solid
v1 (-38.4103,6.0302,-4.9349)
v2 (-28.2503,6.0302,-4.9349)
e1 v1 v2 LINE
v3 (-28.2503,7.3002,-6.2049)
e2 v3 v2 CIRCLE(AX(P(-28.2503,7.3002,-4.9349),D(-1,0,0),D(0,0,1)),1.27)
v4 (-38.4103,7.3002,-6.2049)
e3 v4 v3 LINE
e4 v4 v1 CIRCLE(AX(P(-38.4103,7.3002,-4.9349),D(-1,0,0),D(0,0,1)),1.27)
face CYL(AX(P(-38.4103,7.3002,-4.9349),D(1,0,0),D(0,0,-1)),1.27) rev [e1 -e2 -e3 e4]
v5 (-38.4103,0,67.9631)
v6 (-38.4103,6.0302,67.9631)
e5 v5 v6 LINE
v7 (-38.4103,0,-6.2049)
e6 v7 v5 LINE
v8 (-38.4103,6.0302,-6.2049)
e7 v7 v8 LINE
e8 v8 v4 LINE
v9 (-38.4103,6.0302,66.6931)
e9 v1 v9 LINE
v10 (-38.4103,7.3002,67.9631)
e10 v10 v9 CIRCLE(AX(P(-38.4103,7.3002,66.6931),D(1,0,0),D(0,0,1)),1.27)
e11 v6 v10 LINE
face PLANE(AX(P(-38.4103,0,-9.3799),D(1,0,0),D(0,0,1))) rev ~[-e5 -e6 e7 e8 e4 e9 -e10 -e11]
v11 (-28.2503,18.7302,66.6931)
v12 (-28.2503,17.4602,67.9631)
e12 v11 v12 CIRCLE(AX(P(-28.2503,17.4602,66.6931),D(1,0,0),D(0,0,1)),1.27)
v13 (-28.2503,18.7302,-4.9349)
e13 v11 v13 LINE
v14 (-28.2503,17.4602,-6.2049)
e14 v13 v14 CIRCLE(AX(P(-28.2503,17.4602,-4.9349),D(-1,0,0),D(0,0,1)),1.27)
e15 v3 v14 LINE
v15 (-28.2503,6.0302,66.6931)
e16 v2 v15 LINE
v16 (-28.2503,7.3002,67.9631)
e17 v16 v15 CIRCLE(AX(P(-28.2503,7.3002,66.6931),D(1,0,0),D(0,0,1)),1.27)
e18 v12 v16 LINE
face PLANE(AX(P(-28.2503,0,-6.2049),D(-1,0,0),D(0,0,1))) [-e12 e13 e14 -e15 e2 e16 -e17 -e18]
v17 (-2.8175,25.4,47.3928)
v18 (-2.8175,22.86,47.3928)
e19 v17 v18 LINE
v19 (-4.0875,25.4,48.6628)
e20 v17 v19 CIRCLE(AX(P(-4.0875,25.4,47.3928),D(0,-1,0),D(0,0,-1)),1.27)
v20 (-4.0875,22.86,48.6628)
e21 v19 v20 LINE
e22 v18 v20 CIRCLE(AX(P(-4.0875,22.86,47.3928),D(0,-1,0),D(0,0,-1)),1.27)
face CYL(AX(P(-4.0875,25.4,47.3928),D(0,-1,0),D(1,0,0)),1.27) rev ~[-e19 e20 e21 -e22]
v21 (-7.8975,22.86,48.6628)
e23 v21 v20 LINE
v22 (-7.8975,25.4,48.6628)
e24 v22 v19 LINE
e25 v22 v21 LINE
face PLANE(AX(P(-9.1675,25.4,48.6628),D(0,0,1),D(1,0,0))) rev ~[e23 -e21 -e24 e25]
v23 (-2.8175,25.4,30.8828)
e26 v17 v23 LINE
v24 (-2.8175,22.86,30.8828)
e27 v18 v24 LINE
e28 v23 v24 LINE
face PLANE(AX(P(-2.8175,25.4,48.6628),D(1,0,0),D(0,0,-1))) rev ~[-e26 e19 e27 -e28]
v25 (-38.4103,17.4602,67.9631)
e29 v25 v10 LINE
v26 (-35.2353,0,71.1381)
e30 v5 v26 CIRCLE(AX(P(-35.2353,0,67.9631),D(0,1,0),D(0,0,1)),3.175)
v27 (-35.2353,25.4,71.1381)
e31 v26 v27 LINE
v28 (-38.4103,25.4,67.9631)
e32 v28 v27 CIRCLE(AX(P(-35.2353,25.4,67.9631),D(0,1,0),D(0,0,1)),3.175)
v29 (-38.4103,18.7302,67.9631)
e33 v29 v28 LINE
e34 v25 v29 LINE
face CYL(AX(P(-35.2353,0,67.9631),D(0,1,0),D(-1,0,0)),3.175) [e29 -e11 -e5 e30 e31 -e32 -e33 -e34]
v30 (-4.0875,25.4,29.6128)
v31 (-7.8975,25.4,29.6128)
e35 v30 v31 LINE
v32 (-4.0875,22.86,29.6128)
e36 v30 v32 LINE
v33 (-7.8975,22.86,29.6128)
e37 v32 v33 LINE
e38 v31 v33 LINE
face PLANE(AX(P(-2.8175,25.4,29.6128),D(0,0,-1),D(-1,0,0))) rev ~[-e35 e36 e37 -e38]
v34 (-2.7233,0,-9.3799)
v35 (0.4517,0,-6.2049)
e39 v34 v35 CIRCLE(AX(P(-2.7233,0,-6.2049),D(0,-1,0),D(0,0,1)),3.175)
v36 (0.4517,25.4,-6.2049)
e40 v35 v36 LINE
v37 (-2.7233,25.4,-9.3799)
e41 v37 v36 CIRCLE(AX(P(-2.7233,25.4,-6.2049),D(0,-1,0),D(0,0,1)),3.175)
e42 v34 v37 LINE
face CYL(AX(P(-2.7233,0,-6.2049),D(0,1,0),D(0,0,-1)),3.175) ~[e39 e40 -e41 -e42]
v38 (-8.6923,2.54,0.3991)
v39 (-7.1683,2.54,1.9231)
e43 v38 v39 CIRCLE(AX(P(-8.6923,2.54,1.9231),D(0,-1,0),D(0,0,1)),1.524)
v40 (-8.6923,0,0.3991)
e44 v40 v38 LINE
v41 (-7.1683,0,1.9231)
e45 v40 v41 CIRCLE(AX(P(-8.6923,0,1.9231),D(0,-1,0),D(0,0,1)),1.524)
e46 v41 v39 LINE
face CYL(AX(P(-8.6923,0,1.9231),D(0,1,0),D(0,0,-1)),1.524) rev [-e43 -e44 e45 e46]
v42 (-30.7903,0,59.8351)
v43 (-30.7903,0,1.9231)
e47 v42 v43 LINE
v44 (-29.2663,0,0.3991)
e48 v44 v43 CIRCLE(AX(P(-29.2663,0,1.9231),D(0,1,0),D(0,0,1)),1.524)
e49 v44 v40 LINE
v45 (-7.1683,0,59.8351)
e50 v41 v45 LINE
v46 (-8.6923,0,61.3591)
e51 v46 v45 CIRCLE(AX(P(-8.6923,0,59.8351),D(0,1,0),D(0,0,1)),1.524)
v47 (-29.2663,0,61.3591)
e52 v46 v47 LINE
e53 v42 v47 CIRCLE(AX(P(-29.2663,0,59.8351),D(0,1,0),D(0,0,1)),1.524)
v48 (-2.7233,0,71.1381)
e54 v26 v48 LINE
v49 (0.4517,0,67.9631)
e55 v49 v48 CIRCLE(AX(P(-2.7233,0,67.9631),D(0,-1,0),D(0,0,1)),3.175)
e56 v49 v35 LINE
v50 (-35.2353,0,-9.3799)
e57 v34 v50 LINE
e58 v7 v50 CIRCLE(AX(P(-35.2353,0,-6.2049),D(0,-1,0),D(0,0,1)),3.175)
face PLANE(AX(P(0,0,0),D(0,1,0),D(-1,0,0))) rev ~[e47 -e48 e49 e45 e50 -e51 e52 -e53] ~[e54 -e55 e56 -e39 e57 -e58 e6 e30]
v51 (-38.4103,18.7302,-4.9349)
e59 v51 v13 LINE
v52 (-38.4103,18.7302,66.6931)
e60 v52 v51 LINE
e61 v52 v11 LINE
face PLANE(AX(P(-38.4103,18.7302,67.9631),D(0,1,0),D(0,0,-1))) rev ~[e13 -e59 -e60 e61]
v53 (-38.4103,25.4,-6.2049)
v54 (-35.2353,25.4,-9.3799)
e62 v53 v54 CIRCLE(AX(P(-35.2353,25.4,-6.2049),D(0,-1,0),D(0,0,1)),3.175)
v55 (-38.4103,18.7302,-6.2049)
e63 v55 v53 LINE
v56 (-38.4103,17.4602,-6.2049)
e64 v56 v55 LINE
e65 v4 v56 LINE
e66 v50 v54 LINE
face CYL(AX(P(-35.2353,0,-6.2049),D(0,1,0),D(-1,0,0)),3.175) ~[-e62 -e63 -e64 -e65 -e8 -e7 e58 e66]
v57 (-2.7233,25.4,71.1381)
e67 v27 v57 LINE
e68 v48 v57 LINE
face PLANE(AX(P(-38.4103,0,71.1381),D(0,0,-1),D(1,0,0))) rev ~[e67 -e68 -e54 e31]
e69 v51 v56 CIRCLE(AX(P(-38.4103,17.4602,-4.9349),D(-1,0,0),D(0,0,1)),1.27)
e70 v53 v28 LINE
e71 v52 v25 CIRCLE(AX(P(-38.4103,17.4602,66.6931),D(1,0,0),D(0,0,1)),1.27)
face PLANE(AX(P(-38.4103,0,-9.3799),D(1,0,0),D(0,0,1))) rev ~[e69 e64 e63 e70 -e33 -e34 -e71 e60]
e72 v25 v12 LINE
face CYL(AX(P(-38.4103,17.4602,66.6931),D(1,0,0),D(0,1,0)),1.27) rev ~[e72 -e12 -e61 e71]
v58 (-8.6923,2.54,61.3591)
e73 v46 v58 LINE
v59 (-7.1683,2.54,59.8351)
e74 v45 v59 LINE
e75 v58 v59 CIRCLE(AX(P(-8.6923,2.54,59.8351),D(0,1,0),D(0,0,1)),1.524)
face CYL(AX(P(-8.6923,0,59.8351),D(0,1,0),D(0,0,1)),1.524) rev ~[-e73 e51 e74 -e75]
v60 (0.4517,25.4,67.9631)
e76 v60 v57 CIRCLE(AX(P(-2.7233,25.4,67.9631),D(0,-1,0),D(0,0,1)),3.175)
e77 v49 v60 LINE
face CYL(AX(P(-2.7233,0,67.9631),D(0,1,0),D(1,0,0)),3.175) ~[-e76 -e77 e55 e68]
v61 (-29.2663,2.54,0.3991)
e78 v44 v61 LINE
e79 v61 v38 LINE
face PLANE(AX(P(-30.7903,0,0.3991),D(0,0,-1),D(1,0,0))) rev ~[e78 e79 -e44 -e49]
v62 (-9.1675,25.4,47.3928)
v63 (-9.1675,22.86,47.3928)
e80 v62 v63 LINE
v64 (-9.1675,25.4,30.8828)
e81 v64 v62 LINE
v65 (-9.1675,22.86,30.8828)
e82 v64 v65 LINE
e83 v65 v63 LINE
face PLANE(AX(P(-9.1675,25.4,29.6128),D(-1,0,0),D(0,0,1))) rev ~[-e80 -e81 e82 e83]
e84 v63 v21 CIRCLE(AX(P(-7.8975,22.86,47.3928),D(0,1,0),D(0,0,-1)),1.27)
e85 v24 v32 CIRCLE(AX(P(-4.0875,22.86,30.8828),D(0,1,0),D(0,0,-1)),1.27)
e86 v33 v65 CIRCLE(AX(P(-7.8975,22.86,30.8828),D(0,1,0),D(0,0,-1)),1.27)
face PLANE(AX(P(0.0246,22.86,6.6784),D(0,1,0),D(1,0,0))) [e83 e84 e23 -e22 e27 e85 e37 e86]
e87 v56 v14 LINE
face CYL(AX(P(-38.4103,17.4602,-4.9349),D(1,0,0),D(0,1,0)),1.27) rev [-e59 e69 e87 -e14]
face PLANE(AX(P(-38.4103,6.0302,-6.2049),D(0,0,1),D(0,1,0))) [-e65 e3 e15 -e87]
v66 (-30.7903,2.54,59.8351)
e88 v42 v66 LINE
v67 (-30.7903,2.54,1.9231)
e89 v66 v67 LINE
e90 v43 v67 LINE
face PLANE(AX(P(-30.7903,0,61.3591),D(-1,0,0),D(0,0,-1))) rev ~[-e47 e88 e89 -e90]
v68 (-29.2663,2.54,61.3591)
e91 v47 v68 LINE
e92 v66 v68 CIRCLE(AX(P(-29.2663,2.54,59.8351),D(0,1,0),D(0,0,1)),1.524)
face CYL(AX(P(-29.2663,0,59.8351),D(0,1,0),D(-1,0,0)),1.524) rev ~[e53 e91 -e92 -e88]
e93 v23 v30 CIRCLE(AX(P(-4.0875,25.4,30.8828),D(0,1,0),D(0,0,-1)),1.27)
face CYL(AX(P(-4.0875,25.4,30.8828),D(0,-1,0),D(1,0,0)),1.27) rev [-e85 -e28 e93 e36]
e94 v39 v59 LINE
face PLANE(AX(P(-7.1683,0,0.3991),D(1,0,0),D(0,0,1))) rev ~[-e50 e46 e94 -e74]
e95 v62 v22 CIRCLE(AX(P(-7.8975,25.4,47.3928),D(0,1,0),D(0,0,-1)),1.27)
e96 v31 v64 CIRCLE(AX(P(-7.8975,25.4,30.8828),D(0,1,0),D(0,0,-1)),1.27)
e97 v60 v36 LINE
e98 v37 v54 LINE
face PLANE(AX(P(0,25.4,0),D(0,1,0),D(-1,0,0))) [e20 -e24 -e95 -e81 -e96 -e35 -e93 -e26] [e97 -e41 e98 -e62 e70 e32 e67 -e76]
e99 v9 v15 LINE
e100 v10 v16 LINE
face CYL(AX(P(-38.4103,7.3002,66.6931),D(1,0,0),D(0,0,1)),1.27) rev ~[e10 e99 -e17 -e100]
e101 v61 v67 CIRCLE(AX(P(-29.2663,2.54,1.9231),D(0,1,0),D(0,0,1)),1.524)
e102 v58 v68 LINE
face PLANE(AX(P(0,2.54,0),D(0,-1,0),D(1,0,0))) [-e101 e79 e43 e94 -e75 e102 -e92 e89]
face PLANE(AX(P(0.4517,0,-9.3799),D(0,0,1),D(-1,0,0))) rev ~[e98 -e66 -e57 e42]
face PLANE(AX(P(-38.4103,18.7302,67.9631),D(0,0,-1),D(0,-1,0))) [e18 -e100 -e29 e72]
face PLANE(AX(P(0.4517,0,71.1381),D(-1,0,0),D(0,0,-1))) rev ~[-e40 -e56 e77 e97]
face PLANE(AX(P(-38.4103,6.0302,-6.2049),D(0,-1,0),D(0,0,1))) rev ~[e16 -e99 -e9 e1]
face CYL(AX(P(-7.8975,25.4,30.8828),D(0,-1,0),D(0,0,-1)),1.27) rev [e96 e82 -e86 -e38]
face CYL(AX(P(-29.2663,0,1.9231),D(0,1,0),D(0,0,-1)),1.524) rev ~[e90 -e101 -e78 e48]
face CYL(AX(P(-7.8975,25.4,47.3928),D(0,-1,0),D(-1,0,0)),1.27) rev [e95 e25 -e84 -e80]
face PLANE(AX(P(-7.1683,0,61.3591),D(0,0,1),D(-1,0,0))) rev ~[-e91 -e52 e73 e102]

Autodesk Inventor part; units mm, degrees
ref_plane "YZ Plane" through (0, 0, 0) normal (1, 0, 0) x (0, 1, 0)
ref_plane "XZ Plane" through (0, 0, 0) normal (0, 1, 0) x (-1, 0, 0)
ref_plane "XY Plane" through (0, 0, 0) normal (0, 0, 1) x (1, 0, 0)
sketch "Sketch2" plane through (0, 0, 0) normal (0, 1, 0) x (-1, 0, 0)
  line L0 (38.4103, 71.1381) -> (-0.4517, 71.1381)
  line L1 (-0.4517, 71.1381) -> (-0.4517, -9.3799)
  line L2 (-0.4517, -9.3799) -> (38.4103, -9.3799)
  line L3 (38.4103, -9.3799) -> (38.4103, 71.1381)
  point P0 (0, 0)
  dimension "d0" = 38.862
  dimension "d1" = 80.518
extrude "Extrusion1" add sketch "Sketch2" along normal blind 25.4
fillet "Fillet1" radius 3.175 4 edges at (-38.4103, 12.7, -9.3799) (0.4517, 12.7, -9.3799) (-38.4103, 12.7, 71.1381) (0.4517, 12.7, 71.1381)
sketch "Sketch3" plane through (0, 0, 0) normal (0, -1, 0) x (1, 0, 0)
  line L0 (-7.1683, 61.3591) -> (-30.7903, 61.3591)
  line L1 (-30.7903, 61.3591) -> (-30.7903, 0.3991)
  line L2 (-30.7903, 0.3991) -> (-7.1683, 0.3991)
  line L3 (-7.1683, 0.3991) -> (-7.1683, 61.3591)
  line L4 (-38.4103, -6.2049) -> (-38.4103, 67.9631) projected
  line L5 (-30.7903, 30.8791) -> (-38.4103, 30.8791) construction
  line L6 (-2.7233, -9.3799) -> (-35.2353, -9.3799) construction
  line L7 (-18.9793, 0.3991) -> (-18.9793, -9.3799) construction
  line L8 (-7.1683, 30.8791) -> (0.4517, 30.8791) construction
  line L9 (0.4517, 67.9631) -> (0.4517, -6.2049) construction
  line L10 (-18.9793, 61.3591) -> (-18.9793, 71.1381) construction
  line L11 (-35.2353, 71.1381) -> (-2.7233, 71.1381) construction
  point P0 (0, 0)
  dimension "d5" = 23.622
  dimension "d6" = 60.96
extrude "Extrusion2" cut sketch "Sketch3" against normal blind 2.54
fillet "Fillet2" radius 1.524 4 edges at (-30.7903, 1.27, 61.3591) (-30.7903, 1.27, 0.3991) (-7.1683, 1.27, 61.3591) (-7.1683, 1.27, 0.3991)
sketch "Sketch4" plane through (0.0246, 25.4, 6.6784) normal (0, 1, 0) x (1, 0, 0)
  line L0 (-2.8421, -22.9344) -> (-9.1921, -22.9344)
  line L1 (-9.1921, -22.9344) -> (-9.1921, -41.9844)
  line L2 (-9.1921, -41.9844) -> (-2.8421, -41.9844)
  line L3 (-2.8421, -41.9844) -> (-2.8421, -22.9344)
  point P0 (0, 0)
  dimension "d10" = 6.35
  dimension "d11" = 19.05
extrude "Extrusion3" cut sketch "Sketch4" against normal blind 2.54
fillet "Fillet3" radius 1.27 4 edges at (-9.1674, 24.13, 29.6127) (-2.8174, 24.13, 29.6127) (-9.1674, 24.13, 48.6627) (-2.8174, 24.13, 48.6627)
sketch "Sketch6" plane through (0.0246, 22.86, 6.6784) normal (0, 1, 0) x (1, 0, 0)
  line L0 (-7.8199, -3.1416) -> (-4.0099, -3.1416)
  line L1 (-4.0099, -3.1416) -> (-4.0099, 0.6684)
  line L2 (-4.0099, 0.6684) -> (-7.8199, 0.6684)
  line L3 (-7.8199, 0.6684) -> (-7.8199, -3.1416)
  line L4 (-7.8199, 6.6784) -> (-4.0099, 6.6784)
  line L5 (-4.0099, 6.6784) -> (-4.0099, 10.4884)
  line L6 (-4.0099, 10.4884) -> (-7.8199, 10.4884)
  line L7 (-7.8199, 10.4884) -> (-7.8199, 6.6784)
  point P0 (-0.0246, 6.6784)
  dimension "d16" = 3.81
  dimension "d17" = 3.81
  dimension "d18" = 3.81
  dimension "d19" = 3.81
extrude "Extrusion4" add sketch "Sketch6" along normal blind 2.54
extrude "Extrusion5" [suppressed]
sketch "Sketch8" plane through (-38.4103, 0, -6.2049) normal (-1, 0, 0) x (0, 0, 1)
  point P0 (6.2049, 0)
sketch "Sketch9" plane through (-38.4103, 0, -6.2049) normal (-1, 0, 0) x (0, 0, 1)
  point P0 (6.2049, 0)
sketch "Sketch10" plane through (-38.4103, 0, -6.2049) normal (-1, 0, 0) x (0, 0, 1)
  line L0 (74.168, 25.4) -> (74.168, 0) projected
  line L1 (0, 0) -> (0, 25.4) projected
  line L2 (74.168, 18.7302) -> (0, 18.7302)
  line L3 (0, 18.7302) -> (0, 6.0302)
  line L4 (0, 6.0302) -> (74.168, 6.0302)
  line L5 (74.168, 6.0302) -> (74.168, 18.7302)
  point P0 (6.2049, 0)
  dimension "d29" = 12.7
extrude "Extrusion6" cut sketch "Sketch10" against normal blind 10.16
fillet "Fillet4" radius 1.27 4 edges at (-33.3303, 18.7302, 67.9631) (-33.3303, 6.0302, 67.9631) (-33.3303, 18.7302, -6.2049) (-33.3303, 6.0302, -6.2049)
properties part number "Automoblox Body"
